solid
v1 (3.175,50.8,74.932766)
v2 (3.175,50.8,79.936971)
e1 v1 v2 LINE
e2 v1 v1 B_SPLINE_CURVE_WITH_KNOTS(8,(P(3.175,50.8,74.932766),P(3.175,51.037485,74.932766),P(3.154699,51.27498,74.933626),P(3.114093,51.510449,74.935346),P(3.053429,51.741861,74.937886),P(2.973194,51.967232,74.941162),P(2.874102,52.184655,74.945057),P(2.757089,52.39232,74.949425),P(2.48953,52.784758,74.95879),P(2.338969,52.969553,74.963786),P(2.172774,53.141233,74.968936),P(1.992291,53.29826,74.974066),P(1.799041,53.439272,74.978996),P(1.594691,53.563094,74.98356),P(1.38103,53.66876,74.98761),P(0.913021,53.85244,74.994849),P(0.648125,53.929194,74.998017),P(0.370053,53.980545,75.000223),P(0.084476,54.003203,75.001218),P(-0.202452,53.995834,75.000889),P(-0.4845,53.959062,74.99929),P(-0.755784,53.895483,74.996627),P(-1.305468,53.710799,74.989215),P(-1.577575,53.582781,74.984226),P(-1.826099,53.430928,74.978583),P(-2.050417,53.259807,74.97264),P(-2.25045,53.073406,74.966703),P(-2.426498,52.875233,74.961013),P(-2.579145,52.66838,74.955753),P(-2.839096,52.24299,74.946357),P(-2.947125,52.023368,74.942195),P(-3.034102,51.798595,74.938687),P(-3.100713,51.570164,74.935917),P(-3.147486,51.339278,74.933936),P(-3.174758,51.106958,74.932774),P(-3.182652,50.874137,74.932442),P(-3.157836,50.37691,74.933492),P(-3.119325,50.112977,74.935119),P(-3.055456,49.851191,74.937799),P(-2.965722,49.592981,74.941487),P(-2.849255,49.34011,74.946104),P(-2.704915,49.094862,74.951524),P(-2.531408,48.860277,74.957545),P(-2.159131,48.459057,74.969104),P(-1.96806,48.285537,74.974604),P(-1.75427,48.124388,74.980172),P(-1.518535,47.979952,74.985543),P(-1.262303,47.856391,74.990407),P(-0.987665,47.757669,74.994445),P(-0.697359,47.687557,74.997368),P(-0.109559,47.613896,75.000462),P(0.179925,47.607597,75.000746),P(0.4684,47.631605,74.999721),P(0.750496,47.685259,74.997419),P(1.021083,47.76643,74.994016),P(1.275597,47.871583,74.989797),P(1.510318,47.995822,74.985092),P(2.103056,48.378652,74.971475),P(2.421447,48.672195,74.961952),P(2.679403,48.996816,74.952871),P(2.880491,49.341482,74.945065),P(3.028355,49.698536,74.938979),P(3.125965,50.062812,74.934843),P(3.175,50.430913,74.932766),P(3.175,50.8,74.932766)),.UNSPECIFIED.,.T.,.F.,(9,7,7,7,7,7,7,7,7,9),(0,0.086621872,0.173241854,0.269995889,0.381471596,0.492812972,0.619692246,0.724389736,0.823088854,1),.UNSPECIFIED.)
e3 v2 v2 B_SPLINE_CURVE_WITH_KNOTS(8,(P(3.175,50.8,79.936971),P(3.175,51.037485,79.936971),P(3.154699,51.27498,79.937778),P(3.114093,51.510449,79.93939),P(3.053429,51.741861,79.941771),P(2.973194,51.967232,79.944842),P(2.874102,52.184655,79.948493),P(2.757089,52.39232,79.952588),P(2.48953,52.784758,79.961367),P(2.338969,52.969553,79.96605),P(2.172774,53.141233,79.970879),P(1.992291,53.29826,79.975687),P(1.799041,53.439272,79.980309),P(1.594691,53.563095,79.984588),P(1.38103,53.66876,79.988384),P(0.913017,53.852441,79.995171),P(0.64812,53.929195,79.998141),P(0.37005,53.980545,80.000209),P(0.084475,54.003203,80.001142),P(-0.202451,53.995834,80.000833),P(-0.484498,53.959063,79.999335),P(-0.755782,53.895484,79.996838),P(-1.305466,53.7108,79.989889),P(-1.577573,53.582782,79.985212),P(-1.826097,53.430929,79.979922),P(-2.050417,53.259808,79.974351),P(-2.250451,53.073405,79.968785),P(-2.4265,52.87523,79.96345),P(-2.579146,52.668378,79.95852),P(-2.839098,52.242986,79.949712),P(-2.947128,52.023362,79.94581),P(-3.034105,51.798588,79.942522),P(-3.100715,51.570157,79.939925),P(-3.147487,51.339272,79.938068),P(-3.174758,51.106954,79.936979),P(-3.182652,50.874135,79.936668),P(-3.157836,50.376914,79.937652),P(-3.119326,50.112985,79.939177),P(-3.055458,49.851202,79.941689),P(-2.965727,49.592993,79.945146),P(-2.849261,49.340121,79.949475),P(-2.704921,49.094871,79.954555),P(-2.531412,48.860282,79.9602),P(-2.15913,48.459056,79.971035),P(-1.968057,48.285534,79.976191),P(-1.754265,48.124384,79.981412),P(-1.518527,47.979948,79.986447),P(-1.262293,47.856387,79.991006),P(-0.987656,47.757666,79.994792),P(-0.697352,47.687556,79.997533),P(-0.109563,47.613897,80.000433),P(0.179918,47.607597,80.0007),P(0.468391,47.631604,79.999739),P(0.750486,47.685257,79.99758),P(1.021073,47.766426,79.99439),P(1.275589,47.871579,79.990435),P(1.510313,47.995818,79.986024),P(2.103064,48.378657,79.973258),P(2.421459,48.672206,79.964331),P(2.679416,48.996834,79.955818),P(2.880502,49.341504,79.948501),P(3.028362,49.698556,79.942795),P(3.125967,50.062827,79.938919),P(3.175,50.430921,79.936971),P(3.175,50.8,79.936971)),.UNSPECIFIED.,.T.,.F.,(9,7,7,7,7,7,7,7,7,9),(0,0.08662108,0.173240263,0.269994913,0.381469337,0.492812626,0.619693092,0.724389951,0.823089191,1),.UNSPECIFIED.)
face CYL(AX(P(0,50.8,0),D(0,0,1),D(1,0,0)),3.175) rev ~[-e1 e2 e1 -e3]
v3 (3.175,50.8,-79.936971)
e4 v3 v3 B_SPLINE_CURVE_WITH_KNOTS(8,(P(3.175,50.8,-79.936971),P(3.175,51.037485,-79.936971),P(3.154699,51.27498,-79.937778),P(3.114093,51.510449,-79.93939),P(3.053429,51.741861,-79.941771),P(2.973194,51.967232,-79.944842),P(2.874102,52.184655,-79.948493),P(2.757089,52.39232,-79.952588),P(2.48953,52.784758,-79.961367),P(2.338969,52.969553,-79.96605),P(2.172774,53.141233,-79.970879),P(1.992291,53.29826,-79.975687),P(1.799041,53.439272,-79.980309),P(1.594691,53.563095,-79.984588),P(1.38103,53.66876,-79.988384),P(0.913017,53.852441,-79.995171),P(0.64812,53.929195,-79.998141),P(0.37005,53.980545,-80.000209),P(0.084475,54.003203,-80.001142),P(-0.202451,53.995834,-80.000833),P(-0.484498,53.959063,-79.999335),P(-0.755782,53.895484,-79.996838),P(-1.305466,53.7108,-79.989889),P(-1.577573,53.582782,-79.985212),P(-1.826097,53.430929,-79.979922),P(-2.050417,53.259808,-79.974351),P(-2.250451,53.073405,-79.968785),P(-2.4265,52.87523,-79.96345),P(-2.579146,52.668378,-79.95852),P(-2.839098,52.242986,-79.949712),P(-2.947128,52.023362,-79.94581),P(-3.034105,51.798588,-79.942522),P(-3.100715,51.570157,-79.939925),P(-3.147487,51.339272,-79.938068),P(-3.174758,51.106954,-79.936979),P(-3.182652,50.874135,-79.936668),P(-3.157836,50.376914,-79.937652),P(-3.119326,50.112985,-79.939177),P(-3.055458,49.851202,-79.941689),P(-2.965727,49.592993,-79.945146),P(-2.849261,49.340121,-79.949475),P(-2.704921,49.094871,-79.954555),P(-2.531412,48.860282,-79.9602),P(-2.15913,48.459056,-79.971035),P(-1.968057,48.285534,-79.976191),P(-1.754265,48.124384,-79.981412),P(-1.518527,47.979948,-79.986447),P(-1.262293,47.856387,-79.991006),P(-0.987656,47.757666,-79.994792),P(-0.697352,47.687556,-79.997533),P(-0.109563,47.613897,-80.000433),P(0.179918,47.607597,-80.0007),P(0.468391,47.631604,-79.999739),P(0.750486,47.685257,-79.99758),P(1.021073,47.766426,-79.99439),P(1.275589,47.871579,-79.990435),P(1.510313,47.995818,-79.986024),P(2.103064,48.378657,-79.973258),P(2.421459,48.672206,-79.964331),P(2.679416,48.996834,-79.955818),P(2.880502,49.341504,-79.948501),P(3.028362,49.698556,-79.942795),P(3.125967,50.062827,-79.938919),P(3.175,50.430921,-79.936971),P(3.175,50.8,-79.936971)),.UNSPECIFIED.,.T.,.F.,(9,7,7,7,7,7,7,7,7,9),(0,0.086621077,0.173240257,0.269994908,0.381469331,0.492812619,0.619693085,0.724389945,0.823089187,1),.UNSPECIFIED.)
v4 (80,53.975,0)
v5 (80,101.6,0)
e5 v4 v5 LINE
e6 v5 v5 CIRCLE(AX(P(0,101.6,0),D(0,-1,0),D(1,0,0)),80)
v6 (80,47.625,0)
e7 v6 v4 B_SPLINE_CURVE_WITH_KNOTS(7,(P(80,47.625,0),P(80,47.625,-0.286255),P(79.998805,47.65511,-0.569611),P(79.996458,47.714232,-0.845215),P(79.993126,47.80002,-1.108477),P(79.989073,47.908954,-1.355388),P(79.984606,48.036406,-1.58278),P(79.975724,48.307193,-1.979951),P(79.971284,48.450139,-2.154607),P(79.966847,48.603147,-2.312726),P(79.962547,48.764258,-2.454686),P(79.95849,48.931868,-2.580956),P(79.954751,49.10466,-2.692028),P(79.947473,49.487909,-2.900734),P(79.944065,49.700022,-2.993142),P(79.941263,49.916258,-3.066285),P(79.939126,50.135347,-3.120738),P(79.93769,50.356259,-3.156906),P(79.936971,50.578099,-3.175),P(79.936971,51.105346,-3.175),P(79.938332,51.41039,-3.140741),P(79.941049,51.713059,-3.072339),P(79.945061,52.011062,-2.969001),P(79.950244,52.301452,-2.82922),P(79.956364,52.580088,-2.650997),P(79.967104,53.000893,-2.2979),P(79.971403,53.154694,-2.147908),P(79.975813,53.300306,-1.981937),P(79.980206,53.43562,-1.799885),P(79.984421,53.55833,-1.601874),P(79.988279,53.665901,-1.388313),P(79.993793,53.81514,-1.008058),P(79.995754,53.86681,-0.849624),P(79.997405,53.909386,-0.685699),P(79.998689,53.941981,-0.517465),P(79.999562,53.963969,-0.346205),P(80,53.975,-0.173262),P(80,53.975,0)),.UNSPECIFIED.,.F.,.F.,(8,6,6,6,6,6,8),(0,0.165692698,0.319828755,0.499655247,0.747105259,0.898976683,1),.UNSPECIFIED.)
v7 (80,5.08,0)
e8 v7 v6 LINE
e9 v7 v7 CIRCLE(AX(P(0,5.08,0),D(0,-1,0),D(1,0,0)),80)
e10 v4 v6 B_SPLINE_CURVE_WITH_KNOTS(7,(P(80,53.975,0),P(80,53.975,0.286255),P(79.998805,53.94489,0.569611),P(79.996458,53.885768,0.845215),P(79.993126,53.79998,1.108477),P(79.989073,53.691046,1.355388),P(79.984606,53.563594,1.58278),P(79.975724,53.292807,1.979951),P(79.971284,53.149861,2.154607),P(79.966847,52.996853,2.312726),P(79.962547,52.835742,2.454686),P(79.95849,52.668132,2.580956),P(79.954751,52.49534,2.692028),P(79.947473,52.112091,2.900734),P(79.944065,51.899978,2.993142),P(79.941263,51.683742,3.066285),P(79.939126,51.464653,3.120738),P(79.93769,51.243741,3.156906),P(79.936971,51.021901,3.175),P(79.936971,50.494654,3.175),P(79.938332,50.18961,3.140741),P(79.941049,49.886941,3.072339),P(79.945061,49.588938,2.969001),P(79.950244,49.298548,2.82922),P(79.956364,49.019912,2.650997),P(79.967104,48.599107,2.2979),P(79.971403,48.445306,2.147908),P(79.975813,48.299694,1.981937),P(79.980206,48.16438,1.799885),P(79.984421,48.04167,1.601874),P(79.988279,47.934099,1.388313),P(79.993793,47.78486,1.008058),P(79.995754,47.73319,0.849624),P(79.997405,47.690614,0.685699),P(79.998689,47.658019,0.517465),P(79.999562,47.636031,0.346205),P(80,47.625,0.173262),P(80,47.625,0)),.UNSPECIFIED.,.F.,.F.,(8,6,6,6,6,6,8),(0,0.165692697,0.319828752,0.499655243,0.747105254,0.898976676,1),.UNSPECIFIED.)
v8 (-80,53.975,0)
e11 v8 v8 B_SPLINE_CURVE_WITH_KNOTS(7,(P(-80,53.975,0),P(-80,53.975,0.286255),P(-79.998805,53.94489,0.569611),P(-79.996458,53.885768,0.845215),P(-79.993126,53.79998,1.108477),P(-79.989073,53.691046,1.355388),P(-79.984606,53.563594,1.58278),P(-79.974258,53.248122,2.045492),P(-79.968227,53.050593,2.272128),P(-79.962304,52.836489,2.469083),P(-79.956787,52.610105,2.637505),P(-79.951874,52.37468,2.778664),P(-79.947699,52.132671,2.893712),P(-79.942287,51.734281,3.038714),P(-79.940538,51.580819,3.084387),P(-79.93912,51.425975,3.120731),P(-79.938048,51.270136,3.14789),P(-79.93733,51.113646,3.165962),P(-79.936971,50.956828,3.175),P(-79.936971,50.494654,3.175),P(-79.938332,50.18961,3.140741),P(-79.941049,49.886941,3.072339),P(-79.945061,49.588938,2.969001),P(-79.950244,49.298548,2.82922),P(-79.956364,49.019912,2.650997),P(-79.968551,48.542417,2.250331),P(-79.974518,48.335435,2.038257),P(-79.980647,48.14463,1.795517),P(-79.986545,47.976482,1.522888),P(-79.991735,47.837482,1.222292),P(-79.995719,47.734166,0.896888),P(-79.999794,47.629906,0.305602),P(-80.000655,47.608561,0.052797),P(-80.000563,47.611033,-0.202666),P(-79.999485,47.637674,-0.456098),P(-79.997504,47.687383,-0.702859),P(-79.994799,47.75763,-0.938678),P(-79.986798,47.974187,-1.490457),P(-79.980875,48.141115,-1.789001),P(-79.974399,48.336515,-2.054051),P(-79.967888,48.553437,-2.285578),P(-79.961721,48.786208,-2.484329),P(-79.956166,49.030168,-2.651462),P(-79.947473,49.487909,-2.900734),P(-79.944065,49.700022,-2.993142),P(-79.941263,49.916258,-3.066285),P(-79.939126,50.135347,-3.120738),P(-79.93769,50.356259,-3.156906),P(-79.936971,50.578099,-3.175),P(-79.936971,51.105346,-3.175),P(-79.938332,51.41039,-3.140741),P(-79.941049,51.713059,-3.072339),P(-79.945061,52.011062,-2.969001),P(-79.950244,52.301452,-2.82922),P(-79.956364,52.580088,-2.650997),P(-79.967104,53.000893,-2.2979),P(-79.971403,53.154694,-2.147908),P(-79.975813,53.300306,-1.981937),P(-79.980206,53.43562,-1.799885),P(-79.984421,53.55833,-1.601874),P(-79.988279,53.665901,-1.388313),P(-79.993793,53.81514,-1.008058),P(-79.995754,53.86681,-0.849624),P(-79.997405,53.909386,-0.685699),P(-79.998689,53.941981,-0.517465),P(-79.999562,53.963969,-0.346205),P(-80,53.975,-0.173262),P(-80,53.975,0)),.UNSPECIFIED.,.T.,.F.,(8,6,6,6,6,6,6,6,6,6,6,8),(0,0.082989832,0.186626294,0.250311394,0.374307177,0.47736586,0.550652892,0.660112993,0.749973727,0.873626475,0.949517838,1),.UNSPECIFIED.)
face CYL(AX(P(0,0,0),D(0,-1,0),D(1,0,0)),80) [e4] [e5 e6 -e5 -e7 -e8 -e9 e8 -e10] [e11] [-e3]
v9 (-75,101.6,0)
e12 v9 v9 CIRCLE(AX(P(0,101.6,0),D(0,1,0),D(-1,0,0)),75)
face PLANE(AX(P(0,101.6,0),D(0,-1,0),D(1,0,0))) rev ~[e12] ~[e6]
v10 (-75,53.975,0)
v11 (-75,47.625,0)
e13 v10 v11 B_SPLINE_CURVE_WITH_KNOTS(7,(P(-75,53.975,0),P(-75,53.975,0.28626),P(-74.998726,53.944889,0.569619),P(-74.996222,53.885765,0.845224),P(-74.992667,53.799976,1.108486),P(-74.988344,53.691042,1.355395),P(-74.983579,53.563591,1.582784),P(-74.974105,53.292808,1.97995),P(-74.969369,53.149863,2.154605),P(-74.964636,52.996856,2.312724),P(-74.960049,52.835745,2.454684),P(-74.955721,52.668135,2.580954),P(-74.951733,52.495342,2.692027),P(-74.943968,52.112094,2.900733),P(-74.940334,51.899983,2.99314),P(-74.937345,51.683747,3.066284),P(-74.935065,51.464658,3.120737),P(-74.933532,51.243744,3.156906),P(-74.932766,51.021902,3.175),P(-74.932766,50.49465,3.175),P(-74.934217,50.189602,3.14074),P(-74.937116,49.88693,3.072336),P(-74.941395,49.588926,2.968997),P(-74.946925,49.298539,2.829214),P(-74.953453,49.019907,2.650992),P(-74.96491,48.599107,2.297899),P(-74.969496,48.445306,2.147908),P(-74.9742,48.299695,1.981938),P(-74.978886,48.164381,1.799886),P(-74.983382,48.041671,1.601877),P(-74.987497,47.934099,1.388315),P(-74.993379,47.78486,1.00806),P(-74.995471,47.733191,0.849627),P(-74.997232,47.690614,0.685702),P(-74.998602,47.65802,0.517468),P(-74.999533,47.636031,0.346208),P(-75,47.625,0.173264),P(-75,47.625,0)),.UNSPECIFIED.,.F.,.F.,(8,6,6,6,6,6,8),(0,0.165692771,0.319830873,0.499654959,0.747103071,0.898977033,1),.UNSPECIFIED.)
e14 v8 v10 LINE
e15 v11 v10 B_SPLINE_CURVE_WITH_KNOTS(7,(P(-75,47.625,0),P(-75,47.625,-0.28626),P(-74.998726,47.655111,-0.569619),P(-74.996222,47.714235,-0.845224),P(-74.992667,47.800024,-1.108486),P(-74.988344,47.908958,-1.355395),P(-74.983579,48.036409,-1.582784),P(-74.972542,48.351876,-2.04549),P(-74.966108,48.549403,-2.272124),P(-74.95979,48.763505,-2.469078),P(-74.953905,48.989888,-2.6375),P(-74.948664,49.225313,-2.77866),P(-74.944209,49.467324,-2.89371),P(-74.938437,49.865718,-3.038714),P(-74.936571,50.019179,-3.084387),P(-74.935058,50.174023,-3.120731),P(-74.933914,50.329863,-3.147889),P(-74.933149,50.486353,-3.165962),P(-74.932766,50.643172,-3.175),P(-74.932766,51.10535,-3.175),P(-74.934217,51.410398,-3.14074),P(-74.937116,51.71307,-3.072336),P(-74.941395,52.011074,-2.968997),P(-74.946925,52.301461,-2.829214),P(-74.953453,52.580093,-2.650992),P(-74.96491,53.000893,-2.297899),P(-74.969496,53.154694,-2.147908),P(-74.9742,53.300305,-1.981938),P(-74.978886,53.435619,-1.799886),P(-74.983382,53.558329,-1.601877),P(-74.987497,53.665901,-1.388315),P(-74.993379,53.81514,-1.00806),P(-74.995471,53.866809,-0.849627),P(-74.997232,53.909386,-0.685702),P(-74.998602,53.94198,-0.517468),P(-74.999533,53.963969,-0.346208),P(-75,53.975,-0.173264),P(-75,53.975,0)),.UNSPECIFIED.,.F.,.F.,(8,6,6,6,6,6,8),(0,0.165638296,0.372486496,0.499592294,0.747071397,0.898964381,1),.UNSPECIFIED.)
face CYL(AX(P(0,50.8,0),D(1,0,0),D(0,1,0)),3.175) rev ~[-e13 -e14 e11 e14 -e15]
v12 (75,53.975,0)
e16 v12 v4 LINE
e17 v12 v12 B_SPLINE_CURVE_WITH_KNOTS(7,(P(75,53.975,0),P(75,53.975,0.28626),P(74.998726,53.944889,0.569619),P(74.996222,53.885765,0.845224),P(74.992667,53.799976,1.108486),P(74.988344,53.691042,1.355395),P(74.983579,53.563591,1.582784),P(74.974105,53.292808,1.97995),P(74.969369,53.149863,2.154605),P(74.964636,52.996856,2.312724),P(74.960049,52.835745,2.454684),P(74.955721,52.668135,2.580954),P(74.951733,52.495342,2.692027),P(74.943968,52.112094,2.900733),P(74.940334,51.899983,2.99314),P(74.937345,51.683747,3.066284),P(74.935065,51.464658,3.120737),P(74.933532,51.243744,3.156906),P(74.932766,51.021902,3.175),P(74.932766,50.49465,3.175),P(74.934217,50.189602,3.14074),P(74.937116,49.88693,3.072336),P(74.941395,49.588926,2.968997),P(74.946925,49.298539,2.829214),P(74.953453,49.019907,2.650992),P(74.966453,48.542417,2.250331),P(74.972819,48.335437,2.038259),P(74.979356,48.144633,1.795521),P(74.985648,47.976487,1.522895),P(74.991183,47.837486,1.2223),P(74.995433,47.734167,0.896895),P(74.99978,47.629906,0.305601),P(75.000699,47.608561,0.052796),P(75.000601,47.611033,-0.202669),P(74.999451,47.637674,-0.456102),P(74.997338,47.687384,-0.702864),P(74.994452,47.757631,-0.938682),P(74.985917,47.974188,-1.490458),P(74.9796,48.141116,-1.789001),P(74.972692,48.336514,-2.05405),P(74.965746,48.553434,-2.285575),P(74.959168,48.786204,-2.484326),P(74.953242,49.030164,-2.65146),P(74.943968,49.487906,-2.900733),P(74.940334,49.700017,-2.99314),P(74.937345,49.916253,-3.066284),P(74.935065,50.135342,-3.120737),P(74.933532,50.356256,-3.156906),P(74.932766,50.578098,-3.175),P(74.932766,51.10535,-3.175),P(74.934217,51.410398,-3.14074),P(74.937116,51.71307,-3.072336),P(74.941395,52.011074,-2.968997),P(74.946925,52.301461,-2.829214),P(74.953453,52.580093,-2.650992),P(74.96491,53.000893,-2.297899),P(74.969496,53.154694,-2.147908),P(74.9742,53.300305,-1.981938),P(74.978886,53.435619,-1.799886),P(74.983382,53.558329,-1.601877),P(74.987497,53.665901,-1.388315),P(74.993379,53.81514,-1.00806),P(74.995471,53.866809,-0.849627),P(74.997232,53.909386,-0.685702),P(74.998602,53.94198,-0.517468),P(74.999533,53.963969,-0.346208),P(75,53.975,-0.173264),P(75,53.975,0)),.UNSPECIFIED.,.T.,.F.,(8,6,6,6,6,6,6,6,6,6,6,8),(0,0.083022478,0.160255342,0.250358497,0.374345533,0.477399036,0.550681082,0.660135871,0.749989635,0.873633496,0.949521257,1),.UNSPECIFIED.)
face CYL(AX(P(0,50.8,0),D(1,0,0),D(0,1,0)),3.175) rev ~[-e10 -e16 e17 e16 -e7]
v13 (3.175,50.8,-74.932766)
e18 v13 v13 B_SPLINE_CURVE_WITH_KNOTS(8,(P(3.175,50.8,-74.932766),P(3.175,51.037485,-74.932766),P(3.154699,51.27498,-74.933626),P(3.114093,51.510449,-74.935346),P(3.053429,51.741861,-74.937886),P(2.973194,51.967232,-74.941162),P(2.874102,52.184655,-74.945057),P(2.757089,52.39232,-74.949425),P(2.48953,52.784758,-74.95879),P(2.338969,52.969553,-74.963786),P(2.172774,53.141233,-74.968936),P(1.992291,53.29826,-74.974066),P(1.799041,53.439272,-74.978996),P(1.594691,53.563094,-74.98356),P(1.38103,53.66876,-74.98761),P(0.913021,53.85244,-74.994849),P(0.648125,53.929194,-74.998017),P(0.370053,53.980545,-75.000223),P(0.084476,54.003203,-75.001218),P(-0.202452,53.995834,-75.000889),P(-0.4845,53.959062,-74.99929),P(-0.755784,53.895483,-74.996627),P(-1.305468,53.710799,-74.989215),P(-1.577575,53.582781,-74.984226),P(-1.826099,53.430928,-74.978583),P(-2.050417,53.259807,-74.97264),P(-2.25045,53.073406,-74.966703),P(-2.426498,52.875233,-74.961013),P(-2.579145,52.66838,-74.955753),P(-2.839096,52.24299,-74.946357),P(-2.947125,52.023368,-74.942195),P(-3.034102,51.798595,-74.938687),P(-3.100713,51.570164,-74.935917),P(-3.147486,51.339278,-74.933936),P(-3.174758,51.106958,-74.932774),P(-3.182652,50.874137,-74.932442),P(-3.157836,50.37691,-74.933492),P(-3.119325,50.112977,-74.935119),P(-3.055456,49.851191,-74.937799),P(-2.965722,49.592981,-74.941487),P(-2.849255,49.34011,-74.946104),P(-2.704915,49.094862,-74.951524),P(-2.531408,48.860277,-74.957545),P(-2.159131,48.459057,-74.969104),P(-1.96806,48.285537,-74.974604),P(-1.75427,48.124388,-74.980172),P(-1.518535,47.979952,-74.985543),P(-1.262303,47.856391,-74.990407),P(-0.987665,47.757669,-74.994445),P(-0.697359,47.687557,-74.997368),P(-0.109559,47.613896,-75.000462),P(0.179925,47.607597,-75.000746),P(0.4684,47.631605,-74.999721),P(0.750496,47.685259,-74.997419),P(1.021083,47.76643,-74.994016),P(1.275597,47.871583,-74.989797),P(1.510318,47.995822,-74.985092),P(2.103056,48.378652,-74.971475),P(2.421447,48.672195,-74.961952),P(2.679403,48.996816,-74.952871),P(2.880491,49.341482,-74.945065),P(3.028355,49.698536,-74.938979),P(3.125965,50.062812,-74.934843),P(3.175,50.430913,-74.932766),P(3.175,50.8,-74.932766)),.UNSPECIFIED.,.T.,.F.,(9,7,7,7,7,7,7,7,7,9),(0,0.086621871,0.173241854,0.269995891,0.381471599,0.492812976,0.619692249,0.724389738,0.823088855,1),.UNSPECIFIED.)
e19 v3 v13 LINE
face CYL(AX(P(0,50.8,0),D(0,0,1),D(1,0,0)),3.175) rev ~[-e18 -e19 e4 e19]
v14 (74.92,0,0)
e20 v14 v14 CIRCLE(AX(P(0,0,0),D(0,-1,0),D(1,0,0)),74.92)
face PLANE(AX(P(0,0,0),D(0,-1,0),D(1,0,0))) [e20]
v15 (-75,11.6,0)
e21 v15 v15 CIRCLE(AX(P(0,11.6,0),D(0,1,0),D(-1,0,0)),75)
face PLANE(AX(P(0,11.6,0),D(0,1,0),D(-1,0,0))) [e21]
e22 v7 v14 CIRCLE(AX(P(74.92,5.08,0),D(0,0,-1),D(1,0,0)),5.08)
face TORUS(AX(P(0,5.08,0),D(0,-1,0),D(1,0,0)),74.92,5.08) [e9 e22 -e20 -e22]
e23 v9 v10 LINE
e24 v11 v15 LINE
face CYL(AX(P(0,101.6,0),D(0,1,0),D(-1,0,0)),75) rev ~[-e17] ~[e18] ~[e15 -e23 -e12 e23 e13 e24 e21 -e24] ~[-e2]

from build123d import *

# Parameters (mm, degrees)
F0_R     = 80
F1_DEPTH = 101.6
F2_R     = 5.08
F3_R     = 75
F4_DEPTH = 90
F5_R     = 3.175
F6_DEPTH = 127
F7_R     = 3.175
F8_DEPTH = 127


with BuildPart() as f1:
    # F0 (on Front) → F1 (new body)
    with BuildSketch(Plane.XZ):
        Circle(F0_R)
    extrude(amount=-F1_DEPTH)

    # F2
    f2_edges = [f1.edges().sort_by_distance(p)[0] for p in [
        (-80, 0, 0),
    ]]
    fillet(f2_edges, radius=F2_R)

    # F3 (on face) → F4 (cut)
    with BuildSketch(Plane(origin=(0, 101.6, 0), x_dir=(-1, 0, 0), z_dir=(0, 1, 0))):
        Circle(F3_R)
    extrude(amount=-F4_DEPTH, mode=Mode.SUBTRACT)

    # F5 (on Top) → F6 (cut, symmetric)
    with BuildSketch(Plane.XY):
        with Locations((0, 50.8)):
            Circle(F5_R)
    extrude(amount=F6_DEPTH, both=True, mode=Mode.SUBTRACT)

    # F7 (on Right) → F8 (cut, symmetric)
    with BuildSketch(Plane.YZ):
        with Locations((50.8, 0)):
            Circle(F7_R)
    extrude(amount=F8_DEPTH, both=True, mode=Mode.SUBTRACT)


solid = f1.part
